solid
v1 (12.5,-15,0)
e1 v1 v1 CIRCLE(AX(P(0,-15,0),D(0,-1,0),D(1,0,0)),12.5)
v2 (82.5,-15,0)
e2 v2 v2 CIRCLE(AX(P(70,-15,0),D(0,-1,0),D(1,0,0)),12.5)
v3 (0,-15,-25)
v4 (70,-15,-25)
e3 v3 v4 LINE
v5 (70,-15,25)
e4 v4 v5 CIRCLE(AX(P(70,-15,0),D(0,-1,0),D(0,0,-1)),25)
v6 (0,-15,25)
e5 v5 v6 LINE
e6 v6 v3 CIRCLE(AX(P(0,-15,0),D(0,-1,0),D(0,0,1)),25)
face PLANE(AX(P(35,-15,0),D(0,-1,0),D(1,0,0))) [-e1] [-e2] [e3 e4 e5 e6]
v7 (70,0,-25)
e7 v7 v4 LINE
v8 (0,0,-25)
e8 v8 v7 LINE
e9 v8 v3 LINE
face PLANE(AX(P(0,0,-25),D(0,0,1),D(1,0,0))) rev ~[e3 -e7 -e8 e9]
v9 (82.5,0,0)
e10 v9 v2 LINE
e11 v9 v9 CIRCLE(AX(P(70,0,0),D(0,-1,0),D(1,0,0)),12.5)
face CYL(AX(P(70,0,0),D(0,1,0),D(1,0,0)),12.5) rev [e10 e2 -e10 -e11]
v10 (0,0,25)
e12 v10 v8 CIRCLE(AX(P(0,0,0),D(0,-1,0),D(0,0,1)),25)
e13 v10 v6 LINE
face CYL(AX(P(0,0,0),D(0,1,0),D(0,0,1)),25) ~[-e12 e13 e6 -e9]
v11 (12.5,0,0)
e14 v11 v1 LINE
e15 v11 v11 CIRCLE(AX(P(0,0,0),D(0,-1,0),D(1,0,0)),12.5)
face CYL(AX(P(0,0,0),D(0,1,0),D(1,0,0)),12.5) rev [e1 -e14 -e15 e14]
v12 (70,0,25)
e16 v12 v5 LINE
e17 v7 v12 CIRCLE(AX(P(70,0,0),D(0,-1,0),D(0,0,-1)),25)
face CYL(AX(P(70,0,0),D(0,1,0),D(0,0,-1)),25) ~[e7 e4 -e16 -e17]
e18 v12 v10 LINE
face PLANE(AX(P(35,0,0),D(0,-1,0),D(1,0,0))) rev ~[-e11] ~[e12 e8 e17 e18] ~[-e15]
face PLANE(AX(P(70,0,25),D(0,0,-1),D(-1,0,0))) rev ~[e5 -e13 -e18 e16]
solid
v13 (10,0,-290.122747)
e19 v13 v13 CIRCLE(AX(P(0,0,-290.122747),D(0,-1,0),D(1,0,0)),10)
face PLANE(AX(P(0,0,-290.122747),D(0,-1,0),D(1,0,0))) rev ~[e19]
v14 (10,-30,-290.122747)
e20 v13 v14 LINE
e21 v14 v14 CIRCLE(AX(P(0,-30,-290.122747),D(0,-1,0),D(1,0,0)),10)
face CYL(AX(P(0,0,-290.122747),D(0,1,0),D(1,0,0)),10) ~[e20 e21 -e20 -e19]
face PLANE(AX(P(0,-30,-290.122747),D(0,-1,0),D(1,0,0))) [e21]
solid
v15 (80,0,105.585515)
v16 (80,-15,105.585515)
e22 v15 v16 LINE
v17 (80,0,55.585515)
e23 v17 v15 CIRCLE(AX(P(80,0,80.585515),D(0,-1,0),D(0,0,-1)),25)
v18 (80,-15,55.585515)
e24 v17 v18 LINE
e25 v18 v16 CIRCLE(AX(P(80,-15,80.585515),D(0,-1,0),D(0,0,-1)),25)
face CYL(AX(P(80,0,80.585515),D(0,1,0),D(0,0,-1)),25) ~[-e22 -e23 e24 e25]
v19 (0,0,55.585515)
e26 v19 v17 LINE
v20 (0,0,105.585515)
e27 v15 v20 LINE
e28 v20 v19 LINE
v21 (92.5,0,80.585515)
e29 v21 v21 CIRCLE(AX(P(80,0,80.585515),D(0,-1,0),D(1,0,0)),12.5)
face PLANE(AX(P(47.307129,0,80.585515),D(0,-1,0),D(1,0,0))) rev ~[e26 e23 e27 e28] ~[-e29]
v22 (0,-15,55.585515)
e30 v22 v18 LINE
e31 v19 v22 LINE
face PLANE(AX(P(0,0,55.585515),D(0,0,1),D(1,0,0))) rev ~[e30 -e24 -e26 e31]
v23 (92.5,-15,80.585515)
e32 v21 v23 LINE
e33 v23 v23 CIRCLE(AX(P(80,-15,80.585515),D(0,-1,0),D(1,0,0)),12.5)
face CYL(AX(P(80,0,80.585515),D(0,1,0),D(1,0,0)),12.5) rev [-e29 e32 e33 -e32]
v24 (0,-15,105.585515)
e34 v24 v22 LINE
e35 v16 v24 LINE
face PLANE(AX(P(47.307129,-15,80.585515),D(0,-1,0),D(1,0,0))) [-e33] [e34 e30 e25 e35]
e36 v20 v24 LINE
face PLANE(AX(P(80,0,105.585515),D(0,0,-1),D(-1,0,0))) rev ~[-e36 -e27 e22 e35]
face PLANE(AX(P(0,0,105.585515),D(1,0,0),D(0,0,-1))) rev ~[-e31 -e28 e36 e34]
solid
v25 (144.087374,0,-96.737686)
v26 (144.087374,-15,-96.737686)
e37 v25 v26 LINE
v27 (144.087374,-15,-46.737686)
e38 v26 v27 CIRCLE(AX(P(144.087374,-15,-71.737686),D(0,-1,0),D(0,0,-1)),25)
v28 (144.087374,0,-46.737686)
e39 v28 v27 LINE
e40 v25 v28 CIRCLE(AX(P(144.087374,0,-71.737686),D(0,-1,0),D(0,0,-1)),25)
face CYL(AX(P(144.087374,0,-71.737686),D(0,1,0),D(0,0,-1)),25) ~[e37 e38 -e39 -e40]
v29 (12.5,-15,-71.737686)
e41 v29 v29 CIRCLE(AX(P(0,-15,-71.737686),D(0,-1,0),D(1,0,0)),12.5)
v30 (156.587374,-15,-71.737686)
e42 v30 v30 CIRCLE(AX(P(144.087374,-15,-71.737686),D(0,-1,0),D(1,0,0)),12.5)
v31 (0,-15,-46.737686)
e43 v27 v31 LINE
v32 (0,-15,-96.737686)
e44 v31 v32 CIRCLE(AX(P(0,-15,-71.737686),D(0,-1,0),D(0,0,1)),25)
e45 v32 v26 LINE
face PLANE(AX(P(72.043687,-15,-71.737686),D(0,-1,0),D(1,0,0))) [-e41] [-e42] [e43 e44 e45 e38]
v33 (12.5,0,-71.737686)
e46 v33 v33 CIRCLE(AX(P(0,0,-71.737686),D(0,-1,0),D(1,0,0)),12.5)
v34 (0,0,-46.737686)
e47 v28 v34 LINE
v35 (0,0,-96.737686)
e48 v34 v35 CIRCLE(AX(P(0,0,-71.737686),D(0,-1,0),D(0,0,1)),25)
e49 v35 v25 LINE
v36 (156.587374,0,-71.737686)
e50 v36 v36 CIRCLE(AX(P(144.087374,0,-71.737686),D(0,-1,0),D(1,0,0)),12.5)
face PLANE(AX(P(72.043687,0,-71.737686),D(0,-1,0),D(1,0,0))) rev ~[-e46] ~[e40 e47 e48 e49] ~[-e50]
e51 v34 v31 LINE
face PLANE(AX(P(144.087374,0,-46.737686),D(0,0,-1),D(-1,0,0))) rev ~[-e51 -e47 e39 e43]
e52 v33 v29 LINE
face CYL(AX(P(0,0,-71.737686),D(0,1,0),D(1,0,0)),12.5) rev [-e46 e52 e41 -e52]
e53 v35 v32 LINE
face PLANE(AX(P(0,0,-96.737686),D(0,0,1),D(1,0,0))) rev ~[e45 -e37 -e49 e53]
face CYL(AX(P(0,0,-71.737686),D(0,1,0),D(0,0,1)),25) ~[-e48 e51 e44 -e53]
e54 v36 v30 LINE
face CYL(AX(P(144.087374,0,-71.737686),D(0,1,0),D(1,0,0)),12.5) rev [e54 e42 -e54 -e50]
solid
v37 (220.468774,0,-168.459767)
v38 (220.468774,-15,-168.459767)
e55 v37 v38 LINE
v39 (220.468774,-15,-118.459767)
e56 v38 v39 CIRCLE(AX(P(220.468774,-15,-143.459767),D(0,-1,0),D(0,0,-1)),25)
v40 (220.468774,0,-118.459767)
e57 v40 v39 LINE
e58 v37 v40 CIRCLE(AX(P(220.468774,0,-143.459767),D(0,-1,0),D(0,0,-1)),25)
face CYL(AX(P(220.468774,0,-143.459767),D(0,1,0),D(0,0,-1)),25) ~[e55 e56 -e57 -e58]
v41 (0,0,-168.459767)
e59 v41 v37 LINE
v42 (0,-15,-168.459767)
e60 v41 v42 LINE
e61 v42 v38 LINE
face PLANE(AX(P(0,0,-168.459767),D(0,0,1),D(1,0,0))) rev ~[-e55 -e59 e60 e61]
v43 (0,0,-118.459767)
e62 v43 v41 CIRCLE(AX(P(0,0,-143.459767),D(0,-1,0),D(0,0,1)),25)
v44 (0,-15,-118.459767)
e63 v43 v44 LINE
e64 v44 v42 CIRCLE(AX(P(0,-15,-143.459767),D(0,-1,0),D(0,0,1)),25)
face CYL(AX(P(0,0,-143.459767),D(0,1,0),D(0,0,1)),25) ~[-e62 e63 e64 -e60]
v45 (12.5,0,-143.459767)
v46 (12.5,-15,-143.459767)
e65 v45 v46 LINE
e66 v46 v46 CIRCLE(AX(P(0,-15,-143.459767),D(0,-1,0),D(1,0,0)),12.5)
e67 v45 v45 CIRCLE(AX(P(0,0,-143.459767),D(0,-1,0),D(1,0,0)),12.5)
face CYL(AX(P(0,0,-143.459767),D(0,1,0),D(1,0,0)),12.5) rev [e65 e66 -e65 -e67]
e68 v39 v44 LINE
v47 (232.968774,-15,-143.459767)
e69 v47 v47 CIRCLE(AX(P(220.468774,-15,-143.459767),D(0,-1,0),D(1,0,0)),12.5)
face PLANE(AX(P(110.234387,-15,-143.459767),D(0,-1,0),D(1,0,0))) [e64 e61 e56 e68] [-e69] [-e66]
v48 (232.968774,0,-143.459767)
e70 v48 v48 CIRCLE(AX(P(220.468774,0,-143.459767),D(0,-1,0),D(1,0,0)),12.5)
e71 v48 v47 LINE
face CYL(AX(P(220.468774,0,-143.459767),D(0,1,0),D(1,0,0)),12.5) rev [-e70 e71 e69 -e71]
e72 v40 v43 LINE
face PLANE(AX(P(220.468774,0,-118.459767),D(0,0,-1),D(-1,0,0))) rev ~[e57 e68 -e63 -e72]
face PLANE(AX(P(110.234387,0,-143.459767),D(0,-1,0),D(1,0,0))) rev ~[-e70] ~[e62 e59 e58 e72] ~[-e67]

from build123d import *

# Parameters (mm, degrees)
F0_R     = 12.5
F1_DEPTH = 15
F2_R     = 12.5
F3_DEPTH = 15
F4_R     = 12.5
F5_DEPTH = 15
F6_R     = 12.5
F7_DEPTH = 15
F8_R     = 10
F9_DEPTH = 30


with BuildPart() as f1:
    # F0 (on Front) → F1 (new body)
    with BuildSketch(Plane.XZ):
        with BuildLine():
            Line((70, 25), (0, 25))
            ThreePointArc((0, 25), (-25, 0), (0, -25))
            Line((0, -25), (70, -25))
            ThreePointArc((70, -25), (95, 0), (70, 25))
        make_face()
        Circle(F0_R, mode=Mode.SUBTRACT)
        with Locations((70, 0)):
            Circle(F0_R, mode=Mode.SUBTRACT)
    extrude(amount=F1_DEPTH)


with BuildPart() as f3:
    # F2 (on Front) → F3 (new body)
    with BuildSketch(Plane.XZ):
        with BuildLine():
            Line((80, 105.585515), (0, 105.585515))
            Line((0, 105.585515), (0, 55.585515))
            Line((0, 55.585515), (80, 55.585515))
            ThreePointArc((80, 55.585515), (105, 80.585515), (80, 105.585515))
        make_face()
        with Locations((80, 80.585515)):
            Circle(F2_R, mode=Mode.SUBTRACT)
    extrude(amount=F3_DEPTH)


with BuildPart() as f5:
    # F4 (on Front) → F5 (new body)
    with BuildSketch(Plane.XZ):
        with BuildLine():
            Line((72.043687, -46.737686), (0, -46.737686))
            ThreePointArc((0, -46.737686), (-25, -71.737686), (0, -96.737686))
            Line((0, -96.737686), (72.043687, -96.737686))
            Line((72.043687, -96.737686), (144.087374, -96.737686))
            ThreePointArc((144.087374, -96.737686), (169.087374, -71.737686), (144.087374, -46.737686))
            Line((144.087374, -46.737686), (72.043687, -46.737686))
        make_face()
        with Locations((0, -71.737686)):
            Circle(F4_R, mode=Mode.SUBTRACT)
        with Locations((144.087374, -71.737686)):
            Circle(F4_R, mode=Mode.SUBTRACT)
    extrude(amount=F5_DEPTH)


with BuildPart() as f7:
    # F6 (on Front) → F7 (new body)
    with BuildSketch(Plane.XZ):
        with BuildLine():
            Line((110.234387, -118.459767), (0, -118.459767))
            ThreePointArc((0, -118.459767), (-25, -143.459767), (0, -168.459767))
            Line((0, -168.459767), (110.234387, -168.459767))
            Line((110.234387, -168.459767), (220.468774, -168.459767))
            ThreePointArc((220.468774, -168.459767), (245.468774, -143.459767), (220.468774, -118.459767))
            Line((220.468774, -118.459767), (110.234387, -118.459767))
        make_face()
        with Locations((0, -143.459767)):
            Circle(F6_R, mode=Mode.SUBTRACT)
        with Locations((220.468774, -143.459767)):
            Circle(F6_R, mode=Mode.SUBTRACT)
    extrude(amount=F7_DEPTH)


with BuildPart() as f9:
    # F8 (on Front) → F9 (new body)
    with BuildSketch(Plane.XZ):
        with Locations((0, -290.122747)):
            Circle(F8_R)
    extrude(amount=F9_DEPTH)


solid = Compound([f1.part, f3.part, f5.part, f7.part, f9.part])
